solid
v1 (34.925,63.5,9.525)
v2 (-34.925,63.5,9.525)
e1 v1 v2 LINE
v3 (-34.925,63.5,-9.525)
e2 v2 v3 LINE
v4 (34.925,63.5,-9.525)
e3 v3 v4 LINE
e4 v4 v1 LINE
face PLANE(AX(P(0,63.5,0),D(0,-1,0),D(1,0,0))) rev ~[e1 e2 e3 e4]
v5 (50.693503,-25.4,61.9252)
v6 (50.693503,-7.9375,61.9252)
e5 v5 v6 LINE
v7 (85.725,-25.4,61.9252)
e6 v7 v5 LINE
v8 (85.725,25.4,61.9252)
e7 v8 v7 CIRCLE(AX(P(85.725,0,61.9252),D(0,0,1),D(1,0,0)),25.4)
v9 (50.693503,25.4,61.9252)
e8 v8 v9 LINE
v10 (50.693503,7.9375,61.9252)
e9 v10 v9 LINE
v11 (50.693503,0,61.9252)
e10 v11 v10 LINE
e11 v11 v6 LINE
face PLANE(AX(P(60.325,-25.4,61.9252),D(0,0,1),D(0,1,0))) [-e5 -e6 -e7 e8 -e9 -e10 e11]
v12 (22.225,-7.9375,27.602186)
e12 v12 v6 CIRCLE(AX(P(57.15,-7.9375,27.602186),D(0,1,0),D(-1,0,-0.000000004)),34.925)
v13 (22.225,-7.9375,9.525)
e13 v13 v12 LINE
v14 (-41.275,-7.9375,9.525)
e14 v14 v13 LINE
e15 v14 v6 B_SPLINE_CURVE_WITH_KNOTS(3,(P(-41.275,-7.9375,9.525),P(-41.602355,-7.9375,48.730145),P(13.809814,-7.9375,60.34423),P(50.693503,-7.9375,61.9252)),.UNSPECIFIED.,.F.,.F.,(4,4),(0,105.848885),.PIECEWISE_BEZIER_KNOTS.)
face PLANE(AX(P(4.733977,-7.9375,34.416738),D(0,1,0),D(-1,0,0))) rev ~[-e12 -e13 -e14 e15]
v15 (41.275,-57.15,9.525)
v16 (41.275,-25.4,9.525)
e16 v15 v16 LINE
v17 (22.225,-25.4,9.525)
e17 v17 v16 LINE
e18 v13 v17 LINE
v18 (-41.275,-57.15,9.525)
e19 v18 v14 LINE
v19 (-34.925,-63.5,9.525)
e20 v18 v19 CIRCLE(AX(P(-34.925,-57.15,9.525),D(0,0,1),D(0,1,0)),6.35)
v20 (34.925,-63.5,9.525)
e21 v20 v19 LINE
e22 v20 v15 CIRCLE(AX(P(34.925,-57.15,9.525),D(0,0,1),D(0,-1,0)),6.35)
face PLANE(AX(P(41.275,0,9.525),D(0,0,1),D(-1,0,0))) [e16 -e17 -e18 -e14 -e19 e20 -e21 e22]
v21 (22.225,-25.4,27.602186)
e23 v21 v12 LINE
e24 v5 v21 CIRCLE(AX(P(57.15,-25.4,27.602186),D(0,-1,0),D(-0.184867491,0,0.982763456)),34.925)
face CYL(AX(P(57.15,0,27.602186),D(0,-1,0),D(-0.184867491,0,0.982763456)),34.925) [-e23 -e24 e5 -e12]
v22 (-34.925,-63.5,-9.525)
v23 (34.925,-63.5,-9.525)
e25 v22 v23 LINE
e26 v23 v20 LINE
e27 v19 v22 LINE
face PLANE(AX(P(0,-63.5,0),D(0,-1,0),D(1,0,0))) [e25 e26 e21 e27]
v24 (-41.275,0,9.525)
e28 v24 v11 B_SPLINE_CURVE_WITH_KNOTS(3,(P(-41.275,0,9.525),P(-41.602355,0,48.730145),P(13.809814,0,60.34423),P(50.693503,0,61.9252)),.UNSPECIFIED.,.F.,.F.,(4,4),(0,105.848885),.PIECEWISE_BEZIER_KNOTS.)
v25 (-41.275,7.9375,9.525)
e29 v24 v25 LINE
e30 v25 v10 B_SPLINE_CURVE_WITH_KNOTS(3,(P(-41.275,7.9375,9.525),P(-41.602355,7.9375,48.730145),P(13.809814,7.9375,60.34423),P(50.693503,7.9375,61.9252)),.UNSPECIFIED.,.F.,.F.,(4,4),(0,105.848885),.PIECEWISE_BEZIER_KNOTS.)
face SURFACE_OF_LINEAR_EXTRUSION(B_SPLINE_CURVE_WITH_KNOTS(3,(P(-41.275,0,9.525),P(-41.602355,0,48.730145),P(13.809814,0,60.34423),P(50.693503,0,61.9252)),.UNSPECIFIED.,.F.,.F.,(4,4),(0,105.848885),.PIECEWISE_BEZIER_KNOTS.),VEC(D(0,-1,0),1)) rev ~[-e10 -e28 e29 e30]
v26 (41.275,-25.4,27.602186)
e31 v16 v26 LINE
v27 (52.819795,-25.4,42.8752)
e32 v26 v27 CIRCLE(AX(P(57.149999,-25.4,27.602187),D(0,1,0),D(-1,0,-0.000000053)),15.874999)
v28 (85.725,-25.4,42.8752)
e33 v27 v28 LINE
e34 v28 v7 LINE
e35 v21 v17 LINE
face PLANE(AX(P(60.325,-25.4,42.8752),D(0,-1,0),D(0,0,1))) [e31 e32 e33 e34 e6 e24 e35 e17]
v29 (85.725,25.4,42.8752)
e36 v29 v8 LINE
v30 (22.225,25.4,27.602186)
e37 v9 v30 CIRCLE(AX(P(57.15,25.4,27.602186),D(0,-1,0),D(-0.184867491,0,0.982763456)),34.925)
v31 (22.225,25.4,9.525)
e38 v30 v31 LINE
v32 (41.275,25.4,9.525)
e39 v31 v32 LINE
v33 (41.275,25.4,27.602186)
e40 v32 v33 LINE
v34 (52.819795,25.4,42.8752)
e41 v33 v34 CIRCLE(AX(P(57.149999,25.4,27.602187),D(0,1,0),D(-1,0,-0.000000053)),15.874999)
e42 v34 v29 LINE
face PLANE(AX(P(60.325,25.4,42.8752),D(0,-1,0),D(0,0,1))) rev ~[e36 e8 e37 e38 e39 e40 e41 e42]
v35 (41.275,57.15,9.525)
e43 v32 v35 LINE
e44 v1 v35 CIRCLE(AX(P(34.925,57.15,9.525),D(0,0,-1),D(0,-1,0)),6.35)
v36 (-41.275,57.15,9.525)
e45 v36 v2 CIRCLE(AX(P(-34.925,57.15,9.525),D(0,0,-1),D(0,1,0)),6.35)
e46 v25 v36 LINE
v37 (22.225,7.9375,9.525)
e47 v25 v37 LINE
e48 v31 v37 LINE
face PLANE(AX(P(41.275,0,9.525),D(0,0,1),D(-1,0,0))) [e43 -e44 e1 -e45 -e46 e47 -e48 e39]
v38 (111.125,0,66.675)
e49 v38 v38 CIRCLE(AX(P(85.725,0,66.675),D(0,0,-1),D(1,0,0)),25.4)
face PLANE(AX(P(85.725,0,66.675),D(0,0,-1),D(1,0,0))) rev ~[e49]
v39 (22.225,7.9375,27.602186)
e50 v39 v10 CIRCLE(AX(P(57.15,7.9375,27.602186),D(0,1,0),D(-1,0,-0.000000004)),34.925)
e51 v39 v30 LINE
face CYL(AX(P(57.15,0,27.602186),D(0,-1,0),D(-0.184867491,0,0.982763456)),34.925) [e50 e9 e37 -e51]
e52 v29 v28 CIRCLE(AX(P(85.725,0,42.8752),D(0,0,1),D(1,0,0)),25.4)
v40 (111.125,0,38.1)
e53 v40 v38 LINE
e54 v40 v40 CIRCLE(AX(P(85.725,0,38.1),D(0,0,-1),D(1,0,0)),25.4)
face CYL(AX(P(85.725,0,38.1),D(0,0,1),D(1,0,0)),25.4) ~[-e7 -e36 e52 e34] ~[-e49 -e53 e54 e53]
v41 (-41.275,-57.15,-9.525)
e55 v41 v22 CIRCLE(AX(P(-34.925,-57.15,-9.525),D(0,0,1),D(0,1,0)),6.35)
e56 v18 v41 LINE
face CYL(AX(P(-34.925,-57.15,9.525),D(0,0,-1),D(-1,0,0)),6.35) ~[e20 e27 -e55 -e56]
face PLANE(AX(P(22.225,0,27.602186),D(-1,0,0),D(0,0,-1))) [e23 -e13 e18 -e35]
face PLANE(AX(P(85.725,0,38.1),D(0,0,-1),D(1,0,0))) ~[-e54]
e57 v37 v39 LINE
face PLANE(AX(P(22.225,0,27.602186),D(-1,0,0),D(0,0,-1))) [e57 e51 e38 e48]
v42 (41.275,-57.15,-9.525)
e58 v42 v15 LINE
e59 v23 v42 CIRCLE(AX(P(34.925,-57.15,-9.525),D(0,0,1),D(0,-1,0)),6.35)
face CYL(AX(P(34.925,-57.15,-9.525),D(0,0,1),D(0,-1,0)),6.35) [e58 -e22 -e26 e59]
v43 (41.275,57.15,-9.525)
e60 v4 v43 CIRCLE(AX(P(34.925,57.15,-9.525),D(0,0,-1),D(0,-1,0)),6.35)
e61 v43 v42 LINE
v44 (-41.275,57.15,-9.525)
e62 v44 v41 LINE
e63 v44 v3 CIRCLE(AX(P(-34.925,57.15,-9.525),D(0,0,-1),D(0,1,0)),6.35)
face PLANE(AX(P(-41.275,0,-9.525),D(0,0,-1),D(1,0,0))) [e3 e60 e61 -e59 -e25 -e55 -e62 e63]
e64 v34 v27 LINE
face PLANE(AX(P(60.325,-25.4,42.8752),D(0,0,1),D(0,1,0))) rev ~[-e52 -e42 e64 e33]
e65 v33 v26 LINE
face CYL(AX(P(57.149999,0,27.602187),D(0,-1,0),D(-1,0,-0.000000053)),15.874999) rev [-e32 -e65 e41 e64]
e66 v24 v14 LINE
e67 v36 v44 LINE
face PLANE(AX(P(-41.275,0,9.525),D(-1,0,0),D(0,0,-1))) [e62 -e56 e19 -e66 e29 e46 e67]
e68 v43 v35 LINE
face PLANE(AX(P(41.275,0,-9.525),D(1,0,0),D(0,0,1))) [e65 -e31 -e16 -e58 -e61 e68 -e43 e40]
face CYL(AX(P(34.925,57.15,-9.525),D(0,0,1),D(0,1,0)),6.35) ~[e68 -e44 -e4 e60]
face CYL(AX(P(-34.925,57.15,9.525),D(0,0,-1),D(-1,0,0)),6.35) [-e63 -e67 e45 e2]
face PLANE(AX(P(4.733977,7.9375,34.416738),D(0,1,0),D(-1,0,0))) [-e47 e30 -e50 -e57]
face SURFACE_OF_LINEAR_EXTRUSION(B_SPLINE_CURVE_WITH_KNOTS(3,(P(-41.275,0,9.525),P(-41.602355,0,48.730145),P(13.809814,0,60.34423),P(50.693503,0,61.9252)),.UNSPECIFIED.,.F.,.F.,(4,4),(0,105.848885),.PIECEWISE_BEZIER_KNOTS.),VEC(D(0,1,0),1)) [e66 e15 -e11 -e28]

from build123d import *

# Parameters (mm, degrees)
F1_DEPTH  = 63.5
F2_DEPTH  = 25.4
F3_DEPTH  = 7.9375
F4_R      = 6.35
F2_FACE_W = 50.8
F2_FACE_H = 19.05
F5_DEPTH  = 25.4


with BuildPart() as f1:
    # F0 (on Front) → F1 (new body, symmetric)
    with BuildSketch(Plane.XZ):
        Polygon((22.225, 9.525), (-41.275, 9.525), (-41.275, -9.525), (41.275, -9.525), (41.275, 9.525), align=None)
    extrude(amount=F1_DEPTH, both=True)

    # F0 (on Front) → F2 (join, symmetric)
    with BuildSketch(Plane.XZ):
        with BuildLine():
            Line((22.225, 27.602186), (22.225, 9.525))
            Line((22.225, 9.525), (41.275, 9.525))
            Line((41.275, 9.525), (41.275, 27.602186))
            ThreePointArc((41.275, 27.602186), (44.485924, 37.174898), (52.819795, 42.8752))
            Line((52.819795, 42.8752), (60.325, 42.8752))
            Line((60.325, 42.8752), (60.325, 61.9252))
            Line((60.325, 61.9252), (50.693503, 61.9252))
            ThreePointArc((50.693503, 61.9252), (30.268326, 49.898626), (22.225, 27.602186))
        make_face()
    extrude(amount=F2_DEPTH, both=True)

    # F0 (on Front) → F3 (join, symmetric)
    with BuildSketch(Plane.XZ):
        with BuildLine():
            add(Edge.make_bspline(
                [(-41.275, 9.525), (-41.602355, 48.730145), (13.809814, 60.34423), (50.693503, 61.9252)],
                knots=[0, 0, 0, 0, 105.848885, 105.848885, 105.848885, 105.848885], degree=3))
            Line((-41.275, 9.525), (22.225, 9.525))
            Line((22.225, 9.525), (22.225, 27.602186))
            ThreePointArc((22.225, 27.602186), (30.268326, 49.898626), (50.693503, 61.9252))
        make_face()
    extrude(amount=F3_DEPTH, both=True)

    # F4
    f4_edges = [f1.edges().sort_by_distance(p)[0] for p in [
        (41.275, -63.5, 0),
        (-41.275, -63.5, 0),
        (41.275, 63.5, 0),
        (-41.275, 63.5, 0),
    ]]
    fillet(f4_edges, radius=F4_R)

    # F2_face (on face) → F5 (join)
    with BuildSketch(Plane(origin=(60.325, 0, 52.4002), x_dir=(0, 1, 0), z_dir=(1, 0, 0))):
        Rectangle(F2_FACE_W, F2_FACE_H)
    extrude(amount=F5_DEPTH)

    # F0 (on Front) → F6 (revolve)
    with BuildSketch(Plane.XZ):
        Polygon((85.725, 66.675), (85.725, 61.9252), (85.725, 42.8752), (85.725, 38.1), (111.125, 38.1), (111.125, 66.675), align=None)
    revolve(axis=Axis((85.725, 0, 52.3875), (0, 0, -1)))


solid = f1.part
